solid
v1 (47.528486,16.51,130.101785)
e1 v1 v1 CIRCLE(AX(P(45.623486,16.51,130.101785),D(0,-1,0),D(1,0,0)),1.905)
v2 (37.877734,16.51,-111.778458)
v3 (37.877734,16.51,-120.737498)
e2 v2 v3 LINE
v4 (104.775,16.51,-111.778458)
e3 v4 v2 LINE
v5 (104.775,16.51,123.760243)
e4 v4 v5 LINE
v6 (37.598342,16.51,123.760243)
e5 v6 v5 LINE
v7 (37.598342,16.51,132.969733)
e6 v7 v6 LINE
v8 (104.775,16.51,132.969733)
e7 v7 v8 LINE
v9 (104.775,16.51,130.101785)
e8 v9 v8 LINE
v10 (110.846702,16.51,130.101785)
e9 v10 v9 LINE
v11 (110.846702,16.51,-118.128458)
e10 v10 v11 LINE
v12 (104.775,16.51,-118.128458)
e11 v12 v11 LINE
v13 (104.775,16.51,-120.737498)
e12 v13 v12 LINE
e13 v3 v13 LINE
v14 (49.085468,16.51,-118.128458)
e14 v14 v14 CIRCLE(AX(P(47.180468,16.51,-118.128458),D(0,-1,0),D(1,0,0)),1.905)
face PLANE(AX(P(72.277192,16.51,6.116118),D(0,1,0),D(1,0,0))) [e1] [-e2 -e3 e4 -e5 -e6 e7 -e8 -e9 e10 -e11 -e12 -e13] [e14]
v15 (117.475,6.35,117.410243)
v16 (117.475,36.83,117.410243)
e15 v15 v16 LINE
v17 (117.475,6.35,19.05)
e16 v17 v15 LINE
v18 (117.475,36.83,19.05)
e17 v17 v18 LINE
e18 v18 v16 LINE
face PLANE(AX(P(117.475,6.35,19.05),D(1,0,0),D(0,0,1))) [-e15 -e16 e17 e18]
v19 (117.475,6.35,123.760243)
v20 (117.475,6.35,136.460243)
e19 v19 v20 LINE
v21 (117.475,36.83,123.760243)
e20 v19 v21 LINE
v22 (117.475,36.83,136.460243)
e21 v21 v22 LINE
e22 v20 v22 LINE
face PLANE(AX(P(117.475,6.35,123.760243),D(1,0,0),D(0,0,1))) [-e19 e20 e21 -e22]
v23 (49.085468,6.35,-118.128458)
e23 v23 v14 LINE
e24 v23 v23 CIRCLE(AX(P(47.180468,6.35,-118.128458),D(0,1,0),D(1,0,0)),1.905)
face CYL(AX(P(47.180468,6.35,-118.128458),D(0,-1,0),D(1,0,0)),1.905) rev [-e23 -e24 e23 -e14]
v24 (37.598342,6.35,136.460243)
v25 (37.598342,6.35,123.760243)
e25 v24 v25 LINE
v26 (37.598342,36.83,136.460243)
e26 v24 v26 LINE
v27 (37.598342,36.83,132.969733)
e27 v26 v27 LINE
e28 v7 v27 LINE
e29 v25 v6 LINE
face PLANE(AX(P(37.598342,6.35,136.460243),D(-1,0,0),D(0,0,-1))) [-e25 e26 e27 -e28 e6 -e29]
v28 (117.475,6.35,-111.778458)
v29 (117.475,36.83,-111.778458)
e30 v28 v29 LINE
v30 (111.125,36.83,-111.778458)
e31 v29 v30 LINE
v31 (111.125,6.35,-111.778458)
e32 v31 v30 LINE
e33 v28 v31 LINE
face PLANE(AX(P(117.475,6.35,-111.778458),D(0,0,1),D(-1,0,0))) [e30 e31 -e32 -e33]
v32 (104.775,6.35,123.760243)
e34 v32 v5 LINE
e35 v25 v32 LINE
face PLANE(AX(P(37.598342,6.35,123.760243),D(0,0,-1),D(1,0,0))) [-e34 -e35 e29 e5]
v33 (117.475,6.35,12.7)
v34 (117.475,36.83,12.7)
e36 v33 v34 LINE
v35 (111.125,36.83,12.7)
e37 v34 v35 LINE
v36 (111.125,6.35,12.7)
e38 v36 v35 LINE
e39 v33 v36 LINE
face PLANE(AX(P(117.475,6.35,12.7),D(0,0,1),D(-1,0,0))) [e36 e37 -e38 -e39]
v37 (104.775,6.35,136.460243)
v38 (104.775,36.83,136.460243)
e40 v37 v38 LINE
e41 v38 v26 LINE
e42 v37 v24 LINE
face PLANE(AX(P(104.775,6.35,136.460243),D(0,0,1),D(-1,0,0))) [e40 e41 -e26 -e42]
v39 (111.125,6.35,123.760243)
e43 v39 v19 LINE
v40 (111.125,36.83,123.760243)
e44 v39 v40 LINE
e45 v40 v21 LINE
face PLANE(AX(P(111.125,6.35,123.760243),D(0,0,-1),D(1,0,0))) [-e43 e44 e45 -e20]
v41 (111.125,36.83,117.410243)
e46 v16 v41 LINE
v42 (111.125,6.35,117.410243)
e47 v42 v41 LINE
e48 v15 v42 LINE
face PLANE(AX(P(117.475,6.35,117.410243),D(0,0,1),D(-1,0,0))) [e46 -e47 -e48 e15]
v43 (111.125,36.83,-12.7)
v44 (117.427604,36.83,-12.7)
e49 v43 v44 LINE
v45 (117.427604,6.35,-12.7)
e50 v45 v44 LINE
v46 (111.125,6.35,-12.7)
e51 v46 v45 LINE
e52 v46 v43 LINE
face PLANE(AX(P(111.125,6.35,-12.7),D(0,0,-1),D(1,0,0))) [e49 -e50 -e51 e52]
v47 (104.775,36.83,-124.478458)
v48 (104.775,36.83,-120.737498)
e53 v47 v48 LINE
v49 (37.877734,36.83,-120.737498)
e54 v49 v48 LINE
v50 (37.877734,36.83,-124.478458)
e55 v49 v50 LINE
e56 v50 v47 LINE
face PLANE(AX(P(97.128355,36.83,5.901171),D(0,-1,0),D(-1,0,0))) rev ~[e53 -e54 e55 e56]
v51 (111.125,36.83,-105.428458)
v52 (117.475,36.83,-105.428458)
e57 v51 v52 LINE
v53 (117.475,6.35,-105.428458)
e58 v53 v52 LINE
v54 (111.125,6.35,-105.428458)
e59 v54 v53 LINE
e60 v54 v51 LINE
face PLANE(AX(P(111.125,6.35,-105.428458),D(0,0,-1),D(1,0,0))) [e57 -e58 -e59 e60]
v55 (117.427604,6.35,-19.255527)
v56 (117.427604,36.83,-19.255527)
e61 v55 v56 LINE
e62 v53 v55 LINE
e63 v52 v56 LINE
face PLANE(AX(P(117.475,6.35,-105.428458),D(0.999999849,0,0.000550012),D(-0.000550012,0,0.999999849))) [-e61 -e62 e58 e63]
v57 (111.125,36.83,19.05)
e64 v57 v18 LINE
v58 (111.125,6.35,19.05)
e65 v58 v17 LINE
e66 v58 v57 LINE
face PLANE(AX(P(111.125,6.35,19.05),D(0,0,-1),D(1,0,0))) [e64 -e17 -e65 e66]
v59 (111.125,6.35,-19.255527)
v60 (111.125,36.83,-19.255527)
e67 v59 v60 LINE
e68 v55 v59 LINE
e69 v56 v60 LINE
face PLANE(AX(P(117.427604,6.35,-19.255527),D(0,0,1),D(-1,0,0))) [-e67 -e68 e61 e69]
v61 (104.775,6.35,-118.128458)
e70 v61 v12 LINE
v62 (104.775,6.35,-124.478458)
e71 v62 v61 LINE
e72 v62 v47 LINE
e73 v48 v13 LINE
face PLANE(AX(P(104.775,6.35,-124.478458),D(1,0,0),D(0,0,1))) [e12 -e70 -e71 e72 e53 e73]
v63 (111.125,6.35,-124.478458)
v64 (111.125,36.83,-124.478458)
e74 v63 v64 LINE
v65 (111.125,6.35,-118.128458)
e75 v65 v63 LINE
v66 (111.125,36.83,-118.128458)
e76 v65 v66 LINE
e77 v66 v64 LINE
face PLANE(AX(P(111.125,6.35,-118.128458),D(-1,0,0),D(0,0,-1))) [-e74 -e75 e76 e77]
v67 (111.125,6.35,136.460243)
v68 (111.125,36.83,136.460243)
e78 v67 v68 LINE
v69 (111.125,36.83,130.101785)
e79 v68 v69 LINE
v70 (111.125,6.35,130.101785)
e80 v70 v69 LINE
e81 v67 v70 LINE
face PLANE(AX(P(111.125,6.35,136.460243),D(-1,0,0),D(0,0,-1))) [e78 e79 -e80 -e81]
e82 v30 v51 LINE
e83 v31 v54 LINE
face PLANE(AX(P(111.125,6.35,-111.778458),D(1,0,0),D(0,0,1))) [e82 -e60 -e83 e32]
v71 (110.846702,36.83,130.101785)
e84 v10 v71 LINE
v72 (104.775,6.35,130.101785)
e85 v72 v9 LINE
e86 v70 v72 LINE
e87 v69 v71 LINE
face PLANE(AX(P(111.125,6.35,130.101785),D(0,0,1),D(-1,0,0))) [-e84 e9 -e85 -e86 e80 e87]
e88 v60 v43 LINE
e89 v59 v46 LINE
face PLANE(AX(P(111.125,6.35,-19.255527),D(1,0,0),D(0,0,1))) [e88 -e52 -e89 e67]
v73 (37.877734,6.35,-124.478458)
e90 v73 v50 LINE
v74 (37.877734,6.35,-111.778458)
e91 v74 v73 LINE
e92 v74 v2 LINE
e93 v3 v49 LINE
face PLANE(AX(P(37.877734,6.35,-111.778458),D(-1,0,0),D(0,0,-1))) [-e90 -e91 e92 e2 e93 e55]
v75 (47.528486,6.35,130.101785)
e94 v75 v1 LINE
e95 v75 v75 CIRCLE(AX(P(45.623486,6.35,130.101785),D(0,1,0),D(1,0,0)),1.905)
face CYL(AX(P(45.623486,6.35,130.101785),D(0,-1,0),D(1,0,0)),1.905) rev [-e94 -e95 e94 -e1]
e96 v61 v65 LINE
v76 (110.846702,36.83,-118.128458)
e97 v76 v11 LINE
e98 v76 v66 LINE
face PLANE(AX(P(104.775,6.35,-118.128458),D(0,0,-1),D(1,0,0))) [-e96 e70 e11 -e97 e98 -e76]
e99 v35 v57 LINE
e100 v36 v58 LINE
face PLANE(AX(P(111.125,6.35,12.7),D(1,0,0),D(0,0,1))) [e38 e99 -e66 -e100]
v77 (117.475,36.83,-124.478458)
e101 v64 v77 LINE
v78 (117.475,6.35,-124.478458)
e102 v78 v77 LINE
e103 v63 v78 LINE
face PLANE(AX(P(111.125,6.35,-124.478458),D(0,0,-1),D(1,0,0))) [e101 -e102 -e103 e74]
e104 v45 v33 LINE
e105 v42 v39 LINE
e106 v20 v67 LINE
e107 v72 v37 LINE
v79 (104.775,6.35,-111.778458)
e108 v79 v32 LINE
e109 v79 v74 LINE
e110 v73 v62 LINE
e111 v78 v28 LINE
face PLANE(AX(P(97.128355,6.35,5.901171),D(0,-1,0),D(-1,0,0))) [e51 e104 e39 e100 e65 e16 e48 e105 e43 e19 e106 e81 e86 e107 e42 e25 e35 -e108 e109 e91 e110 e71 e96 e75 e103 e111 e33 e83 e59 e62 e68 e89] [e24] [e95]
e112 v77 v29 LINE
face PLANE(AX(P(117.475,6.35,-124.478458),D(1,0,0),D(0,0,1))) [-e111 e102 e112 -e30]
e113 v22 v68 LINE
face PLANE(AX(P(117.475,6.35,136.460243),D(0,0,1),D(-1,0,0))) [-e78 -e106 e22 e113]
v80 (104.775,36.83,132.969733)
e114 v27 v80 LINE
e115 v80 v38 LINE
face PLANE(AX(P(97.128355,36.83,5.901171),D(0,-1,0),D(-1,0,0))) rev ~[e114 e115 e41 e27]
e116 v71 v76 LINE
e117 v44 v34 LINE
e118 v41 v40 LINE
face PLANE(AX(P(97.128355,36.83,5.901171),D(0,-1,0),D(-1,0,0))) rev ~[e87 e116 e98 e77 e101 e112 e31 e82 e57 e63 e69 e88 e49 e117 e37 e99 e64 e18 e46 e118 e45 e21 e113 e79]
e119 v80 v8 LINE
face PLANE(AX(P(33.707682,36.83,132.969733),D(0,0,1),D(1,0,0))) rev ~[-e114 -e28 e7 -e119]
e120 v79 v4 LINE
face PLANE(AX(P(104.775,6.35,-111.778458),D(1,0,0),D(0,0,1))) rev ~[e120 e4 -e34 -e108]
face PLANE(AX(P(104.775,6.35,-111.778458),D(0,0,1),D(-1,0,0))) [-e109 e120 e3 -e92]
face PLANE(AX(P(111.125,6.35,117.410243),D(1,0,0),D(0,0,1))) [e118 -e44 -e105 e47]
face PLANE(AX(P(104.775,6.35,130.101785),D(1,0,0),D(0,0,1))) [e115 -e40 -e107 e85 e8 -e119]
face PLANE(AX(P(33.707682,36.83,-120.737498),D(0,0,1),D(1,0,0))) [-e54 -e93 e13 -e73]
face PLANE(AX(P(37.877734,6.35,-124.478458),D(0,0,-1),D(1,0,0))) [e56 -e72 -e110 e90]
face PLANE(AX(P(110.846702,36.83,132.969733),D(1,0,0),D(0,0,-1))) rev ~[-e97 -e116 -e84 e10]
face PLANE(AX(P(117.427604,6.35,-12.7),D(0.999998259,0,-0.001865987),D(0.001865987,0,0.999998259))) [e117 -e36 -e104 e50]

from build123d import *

# Parameters (mm, degrees)
SKETCH2_R           = 1.905
BOSS_EXTRUDE5_DEPTH = 30.48
SKETCH3_W           = 77.139019834
SKETCH3_H           = 253.707230816
CUT_EXTRUDE1_DEPTH  = 20.32


with BuildPart() as part:
    # Sketch2 → Boss-Extrude5 (new body)
    with BuildSketch(Plane(origin=(0, 6.35, 0), x_dir=(1, 0, 0), z_dir=(0, 1, 0))):
        Polygon((37.877734137, 124.478458264), (104.775, 124.478458264), (104.775, 118.128458264), (111.125, 118.128458264), (111.125, 124.478458264), (117.475, 124.478458264), (117.475, 111.778458264), (111.125, 111.778458264), (111.125, 105.428458264), (117.475, 105.428458264), (117.427603838, 19.255527471), (111.125, 19.255527471), (111.125, 12.7), (117.427603838, 12.7), (117.475, -12.7), (111.125, -12.7), (111.125, -19.05), (117.475, -19.05), (117.475, -117.410242597), (111.125, -117.410242597), (111.125, -123.760242597), (117.475, -123.760242597), (117.475, -136.460242597), (111.125, -136.460242597), (111.125, -130.101785028), (104.775, -130.101785028), (104.775, -136.460242597), (37.598341682, -136.460242597), (37.598341682, -123.760242597), (104.775, -123.760242597), (104.775, -111.031020805), (104.775, -24.950677477), (104.775, 19.255527471), (104.775, 25.571960959), (104.775, 99.037268217), (104.775, 105.428458264), (104.775, 111.778458264), (37.877734137, 111.778458264), align=None)
        with Locations((45.623485648, -130.101785028)):
            Circle(SKETCH2_R, mode=Mode.SUBTRACT)
        with Locations((47.180468273, 118.128458264)):
            Circle(SKETCH2_R, mode=Mode.SUBTRACT)
    extrude(amount=BOSS_EXTRUDE5_DEPTH)

    # Sketch3 → Cut-Extrude1 (cut)
    with BuildSketch(Plane(origin=(0, 36.83, 0), x_dir=(1, 0, 0), z_dir=(0, 1, 0))):
        with Locations((72.277192216, -6.116117848)):
            Rectangle(SKETCH3_W, SKETCH3_H)
    extrude(amount=-CUT_EXTRUDE1_DEPTH, mode=Mode.SUBTRACT)


solid = part.part
